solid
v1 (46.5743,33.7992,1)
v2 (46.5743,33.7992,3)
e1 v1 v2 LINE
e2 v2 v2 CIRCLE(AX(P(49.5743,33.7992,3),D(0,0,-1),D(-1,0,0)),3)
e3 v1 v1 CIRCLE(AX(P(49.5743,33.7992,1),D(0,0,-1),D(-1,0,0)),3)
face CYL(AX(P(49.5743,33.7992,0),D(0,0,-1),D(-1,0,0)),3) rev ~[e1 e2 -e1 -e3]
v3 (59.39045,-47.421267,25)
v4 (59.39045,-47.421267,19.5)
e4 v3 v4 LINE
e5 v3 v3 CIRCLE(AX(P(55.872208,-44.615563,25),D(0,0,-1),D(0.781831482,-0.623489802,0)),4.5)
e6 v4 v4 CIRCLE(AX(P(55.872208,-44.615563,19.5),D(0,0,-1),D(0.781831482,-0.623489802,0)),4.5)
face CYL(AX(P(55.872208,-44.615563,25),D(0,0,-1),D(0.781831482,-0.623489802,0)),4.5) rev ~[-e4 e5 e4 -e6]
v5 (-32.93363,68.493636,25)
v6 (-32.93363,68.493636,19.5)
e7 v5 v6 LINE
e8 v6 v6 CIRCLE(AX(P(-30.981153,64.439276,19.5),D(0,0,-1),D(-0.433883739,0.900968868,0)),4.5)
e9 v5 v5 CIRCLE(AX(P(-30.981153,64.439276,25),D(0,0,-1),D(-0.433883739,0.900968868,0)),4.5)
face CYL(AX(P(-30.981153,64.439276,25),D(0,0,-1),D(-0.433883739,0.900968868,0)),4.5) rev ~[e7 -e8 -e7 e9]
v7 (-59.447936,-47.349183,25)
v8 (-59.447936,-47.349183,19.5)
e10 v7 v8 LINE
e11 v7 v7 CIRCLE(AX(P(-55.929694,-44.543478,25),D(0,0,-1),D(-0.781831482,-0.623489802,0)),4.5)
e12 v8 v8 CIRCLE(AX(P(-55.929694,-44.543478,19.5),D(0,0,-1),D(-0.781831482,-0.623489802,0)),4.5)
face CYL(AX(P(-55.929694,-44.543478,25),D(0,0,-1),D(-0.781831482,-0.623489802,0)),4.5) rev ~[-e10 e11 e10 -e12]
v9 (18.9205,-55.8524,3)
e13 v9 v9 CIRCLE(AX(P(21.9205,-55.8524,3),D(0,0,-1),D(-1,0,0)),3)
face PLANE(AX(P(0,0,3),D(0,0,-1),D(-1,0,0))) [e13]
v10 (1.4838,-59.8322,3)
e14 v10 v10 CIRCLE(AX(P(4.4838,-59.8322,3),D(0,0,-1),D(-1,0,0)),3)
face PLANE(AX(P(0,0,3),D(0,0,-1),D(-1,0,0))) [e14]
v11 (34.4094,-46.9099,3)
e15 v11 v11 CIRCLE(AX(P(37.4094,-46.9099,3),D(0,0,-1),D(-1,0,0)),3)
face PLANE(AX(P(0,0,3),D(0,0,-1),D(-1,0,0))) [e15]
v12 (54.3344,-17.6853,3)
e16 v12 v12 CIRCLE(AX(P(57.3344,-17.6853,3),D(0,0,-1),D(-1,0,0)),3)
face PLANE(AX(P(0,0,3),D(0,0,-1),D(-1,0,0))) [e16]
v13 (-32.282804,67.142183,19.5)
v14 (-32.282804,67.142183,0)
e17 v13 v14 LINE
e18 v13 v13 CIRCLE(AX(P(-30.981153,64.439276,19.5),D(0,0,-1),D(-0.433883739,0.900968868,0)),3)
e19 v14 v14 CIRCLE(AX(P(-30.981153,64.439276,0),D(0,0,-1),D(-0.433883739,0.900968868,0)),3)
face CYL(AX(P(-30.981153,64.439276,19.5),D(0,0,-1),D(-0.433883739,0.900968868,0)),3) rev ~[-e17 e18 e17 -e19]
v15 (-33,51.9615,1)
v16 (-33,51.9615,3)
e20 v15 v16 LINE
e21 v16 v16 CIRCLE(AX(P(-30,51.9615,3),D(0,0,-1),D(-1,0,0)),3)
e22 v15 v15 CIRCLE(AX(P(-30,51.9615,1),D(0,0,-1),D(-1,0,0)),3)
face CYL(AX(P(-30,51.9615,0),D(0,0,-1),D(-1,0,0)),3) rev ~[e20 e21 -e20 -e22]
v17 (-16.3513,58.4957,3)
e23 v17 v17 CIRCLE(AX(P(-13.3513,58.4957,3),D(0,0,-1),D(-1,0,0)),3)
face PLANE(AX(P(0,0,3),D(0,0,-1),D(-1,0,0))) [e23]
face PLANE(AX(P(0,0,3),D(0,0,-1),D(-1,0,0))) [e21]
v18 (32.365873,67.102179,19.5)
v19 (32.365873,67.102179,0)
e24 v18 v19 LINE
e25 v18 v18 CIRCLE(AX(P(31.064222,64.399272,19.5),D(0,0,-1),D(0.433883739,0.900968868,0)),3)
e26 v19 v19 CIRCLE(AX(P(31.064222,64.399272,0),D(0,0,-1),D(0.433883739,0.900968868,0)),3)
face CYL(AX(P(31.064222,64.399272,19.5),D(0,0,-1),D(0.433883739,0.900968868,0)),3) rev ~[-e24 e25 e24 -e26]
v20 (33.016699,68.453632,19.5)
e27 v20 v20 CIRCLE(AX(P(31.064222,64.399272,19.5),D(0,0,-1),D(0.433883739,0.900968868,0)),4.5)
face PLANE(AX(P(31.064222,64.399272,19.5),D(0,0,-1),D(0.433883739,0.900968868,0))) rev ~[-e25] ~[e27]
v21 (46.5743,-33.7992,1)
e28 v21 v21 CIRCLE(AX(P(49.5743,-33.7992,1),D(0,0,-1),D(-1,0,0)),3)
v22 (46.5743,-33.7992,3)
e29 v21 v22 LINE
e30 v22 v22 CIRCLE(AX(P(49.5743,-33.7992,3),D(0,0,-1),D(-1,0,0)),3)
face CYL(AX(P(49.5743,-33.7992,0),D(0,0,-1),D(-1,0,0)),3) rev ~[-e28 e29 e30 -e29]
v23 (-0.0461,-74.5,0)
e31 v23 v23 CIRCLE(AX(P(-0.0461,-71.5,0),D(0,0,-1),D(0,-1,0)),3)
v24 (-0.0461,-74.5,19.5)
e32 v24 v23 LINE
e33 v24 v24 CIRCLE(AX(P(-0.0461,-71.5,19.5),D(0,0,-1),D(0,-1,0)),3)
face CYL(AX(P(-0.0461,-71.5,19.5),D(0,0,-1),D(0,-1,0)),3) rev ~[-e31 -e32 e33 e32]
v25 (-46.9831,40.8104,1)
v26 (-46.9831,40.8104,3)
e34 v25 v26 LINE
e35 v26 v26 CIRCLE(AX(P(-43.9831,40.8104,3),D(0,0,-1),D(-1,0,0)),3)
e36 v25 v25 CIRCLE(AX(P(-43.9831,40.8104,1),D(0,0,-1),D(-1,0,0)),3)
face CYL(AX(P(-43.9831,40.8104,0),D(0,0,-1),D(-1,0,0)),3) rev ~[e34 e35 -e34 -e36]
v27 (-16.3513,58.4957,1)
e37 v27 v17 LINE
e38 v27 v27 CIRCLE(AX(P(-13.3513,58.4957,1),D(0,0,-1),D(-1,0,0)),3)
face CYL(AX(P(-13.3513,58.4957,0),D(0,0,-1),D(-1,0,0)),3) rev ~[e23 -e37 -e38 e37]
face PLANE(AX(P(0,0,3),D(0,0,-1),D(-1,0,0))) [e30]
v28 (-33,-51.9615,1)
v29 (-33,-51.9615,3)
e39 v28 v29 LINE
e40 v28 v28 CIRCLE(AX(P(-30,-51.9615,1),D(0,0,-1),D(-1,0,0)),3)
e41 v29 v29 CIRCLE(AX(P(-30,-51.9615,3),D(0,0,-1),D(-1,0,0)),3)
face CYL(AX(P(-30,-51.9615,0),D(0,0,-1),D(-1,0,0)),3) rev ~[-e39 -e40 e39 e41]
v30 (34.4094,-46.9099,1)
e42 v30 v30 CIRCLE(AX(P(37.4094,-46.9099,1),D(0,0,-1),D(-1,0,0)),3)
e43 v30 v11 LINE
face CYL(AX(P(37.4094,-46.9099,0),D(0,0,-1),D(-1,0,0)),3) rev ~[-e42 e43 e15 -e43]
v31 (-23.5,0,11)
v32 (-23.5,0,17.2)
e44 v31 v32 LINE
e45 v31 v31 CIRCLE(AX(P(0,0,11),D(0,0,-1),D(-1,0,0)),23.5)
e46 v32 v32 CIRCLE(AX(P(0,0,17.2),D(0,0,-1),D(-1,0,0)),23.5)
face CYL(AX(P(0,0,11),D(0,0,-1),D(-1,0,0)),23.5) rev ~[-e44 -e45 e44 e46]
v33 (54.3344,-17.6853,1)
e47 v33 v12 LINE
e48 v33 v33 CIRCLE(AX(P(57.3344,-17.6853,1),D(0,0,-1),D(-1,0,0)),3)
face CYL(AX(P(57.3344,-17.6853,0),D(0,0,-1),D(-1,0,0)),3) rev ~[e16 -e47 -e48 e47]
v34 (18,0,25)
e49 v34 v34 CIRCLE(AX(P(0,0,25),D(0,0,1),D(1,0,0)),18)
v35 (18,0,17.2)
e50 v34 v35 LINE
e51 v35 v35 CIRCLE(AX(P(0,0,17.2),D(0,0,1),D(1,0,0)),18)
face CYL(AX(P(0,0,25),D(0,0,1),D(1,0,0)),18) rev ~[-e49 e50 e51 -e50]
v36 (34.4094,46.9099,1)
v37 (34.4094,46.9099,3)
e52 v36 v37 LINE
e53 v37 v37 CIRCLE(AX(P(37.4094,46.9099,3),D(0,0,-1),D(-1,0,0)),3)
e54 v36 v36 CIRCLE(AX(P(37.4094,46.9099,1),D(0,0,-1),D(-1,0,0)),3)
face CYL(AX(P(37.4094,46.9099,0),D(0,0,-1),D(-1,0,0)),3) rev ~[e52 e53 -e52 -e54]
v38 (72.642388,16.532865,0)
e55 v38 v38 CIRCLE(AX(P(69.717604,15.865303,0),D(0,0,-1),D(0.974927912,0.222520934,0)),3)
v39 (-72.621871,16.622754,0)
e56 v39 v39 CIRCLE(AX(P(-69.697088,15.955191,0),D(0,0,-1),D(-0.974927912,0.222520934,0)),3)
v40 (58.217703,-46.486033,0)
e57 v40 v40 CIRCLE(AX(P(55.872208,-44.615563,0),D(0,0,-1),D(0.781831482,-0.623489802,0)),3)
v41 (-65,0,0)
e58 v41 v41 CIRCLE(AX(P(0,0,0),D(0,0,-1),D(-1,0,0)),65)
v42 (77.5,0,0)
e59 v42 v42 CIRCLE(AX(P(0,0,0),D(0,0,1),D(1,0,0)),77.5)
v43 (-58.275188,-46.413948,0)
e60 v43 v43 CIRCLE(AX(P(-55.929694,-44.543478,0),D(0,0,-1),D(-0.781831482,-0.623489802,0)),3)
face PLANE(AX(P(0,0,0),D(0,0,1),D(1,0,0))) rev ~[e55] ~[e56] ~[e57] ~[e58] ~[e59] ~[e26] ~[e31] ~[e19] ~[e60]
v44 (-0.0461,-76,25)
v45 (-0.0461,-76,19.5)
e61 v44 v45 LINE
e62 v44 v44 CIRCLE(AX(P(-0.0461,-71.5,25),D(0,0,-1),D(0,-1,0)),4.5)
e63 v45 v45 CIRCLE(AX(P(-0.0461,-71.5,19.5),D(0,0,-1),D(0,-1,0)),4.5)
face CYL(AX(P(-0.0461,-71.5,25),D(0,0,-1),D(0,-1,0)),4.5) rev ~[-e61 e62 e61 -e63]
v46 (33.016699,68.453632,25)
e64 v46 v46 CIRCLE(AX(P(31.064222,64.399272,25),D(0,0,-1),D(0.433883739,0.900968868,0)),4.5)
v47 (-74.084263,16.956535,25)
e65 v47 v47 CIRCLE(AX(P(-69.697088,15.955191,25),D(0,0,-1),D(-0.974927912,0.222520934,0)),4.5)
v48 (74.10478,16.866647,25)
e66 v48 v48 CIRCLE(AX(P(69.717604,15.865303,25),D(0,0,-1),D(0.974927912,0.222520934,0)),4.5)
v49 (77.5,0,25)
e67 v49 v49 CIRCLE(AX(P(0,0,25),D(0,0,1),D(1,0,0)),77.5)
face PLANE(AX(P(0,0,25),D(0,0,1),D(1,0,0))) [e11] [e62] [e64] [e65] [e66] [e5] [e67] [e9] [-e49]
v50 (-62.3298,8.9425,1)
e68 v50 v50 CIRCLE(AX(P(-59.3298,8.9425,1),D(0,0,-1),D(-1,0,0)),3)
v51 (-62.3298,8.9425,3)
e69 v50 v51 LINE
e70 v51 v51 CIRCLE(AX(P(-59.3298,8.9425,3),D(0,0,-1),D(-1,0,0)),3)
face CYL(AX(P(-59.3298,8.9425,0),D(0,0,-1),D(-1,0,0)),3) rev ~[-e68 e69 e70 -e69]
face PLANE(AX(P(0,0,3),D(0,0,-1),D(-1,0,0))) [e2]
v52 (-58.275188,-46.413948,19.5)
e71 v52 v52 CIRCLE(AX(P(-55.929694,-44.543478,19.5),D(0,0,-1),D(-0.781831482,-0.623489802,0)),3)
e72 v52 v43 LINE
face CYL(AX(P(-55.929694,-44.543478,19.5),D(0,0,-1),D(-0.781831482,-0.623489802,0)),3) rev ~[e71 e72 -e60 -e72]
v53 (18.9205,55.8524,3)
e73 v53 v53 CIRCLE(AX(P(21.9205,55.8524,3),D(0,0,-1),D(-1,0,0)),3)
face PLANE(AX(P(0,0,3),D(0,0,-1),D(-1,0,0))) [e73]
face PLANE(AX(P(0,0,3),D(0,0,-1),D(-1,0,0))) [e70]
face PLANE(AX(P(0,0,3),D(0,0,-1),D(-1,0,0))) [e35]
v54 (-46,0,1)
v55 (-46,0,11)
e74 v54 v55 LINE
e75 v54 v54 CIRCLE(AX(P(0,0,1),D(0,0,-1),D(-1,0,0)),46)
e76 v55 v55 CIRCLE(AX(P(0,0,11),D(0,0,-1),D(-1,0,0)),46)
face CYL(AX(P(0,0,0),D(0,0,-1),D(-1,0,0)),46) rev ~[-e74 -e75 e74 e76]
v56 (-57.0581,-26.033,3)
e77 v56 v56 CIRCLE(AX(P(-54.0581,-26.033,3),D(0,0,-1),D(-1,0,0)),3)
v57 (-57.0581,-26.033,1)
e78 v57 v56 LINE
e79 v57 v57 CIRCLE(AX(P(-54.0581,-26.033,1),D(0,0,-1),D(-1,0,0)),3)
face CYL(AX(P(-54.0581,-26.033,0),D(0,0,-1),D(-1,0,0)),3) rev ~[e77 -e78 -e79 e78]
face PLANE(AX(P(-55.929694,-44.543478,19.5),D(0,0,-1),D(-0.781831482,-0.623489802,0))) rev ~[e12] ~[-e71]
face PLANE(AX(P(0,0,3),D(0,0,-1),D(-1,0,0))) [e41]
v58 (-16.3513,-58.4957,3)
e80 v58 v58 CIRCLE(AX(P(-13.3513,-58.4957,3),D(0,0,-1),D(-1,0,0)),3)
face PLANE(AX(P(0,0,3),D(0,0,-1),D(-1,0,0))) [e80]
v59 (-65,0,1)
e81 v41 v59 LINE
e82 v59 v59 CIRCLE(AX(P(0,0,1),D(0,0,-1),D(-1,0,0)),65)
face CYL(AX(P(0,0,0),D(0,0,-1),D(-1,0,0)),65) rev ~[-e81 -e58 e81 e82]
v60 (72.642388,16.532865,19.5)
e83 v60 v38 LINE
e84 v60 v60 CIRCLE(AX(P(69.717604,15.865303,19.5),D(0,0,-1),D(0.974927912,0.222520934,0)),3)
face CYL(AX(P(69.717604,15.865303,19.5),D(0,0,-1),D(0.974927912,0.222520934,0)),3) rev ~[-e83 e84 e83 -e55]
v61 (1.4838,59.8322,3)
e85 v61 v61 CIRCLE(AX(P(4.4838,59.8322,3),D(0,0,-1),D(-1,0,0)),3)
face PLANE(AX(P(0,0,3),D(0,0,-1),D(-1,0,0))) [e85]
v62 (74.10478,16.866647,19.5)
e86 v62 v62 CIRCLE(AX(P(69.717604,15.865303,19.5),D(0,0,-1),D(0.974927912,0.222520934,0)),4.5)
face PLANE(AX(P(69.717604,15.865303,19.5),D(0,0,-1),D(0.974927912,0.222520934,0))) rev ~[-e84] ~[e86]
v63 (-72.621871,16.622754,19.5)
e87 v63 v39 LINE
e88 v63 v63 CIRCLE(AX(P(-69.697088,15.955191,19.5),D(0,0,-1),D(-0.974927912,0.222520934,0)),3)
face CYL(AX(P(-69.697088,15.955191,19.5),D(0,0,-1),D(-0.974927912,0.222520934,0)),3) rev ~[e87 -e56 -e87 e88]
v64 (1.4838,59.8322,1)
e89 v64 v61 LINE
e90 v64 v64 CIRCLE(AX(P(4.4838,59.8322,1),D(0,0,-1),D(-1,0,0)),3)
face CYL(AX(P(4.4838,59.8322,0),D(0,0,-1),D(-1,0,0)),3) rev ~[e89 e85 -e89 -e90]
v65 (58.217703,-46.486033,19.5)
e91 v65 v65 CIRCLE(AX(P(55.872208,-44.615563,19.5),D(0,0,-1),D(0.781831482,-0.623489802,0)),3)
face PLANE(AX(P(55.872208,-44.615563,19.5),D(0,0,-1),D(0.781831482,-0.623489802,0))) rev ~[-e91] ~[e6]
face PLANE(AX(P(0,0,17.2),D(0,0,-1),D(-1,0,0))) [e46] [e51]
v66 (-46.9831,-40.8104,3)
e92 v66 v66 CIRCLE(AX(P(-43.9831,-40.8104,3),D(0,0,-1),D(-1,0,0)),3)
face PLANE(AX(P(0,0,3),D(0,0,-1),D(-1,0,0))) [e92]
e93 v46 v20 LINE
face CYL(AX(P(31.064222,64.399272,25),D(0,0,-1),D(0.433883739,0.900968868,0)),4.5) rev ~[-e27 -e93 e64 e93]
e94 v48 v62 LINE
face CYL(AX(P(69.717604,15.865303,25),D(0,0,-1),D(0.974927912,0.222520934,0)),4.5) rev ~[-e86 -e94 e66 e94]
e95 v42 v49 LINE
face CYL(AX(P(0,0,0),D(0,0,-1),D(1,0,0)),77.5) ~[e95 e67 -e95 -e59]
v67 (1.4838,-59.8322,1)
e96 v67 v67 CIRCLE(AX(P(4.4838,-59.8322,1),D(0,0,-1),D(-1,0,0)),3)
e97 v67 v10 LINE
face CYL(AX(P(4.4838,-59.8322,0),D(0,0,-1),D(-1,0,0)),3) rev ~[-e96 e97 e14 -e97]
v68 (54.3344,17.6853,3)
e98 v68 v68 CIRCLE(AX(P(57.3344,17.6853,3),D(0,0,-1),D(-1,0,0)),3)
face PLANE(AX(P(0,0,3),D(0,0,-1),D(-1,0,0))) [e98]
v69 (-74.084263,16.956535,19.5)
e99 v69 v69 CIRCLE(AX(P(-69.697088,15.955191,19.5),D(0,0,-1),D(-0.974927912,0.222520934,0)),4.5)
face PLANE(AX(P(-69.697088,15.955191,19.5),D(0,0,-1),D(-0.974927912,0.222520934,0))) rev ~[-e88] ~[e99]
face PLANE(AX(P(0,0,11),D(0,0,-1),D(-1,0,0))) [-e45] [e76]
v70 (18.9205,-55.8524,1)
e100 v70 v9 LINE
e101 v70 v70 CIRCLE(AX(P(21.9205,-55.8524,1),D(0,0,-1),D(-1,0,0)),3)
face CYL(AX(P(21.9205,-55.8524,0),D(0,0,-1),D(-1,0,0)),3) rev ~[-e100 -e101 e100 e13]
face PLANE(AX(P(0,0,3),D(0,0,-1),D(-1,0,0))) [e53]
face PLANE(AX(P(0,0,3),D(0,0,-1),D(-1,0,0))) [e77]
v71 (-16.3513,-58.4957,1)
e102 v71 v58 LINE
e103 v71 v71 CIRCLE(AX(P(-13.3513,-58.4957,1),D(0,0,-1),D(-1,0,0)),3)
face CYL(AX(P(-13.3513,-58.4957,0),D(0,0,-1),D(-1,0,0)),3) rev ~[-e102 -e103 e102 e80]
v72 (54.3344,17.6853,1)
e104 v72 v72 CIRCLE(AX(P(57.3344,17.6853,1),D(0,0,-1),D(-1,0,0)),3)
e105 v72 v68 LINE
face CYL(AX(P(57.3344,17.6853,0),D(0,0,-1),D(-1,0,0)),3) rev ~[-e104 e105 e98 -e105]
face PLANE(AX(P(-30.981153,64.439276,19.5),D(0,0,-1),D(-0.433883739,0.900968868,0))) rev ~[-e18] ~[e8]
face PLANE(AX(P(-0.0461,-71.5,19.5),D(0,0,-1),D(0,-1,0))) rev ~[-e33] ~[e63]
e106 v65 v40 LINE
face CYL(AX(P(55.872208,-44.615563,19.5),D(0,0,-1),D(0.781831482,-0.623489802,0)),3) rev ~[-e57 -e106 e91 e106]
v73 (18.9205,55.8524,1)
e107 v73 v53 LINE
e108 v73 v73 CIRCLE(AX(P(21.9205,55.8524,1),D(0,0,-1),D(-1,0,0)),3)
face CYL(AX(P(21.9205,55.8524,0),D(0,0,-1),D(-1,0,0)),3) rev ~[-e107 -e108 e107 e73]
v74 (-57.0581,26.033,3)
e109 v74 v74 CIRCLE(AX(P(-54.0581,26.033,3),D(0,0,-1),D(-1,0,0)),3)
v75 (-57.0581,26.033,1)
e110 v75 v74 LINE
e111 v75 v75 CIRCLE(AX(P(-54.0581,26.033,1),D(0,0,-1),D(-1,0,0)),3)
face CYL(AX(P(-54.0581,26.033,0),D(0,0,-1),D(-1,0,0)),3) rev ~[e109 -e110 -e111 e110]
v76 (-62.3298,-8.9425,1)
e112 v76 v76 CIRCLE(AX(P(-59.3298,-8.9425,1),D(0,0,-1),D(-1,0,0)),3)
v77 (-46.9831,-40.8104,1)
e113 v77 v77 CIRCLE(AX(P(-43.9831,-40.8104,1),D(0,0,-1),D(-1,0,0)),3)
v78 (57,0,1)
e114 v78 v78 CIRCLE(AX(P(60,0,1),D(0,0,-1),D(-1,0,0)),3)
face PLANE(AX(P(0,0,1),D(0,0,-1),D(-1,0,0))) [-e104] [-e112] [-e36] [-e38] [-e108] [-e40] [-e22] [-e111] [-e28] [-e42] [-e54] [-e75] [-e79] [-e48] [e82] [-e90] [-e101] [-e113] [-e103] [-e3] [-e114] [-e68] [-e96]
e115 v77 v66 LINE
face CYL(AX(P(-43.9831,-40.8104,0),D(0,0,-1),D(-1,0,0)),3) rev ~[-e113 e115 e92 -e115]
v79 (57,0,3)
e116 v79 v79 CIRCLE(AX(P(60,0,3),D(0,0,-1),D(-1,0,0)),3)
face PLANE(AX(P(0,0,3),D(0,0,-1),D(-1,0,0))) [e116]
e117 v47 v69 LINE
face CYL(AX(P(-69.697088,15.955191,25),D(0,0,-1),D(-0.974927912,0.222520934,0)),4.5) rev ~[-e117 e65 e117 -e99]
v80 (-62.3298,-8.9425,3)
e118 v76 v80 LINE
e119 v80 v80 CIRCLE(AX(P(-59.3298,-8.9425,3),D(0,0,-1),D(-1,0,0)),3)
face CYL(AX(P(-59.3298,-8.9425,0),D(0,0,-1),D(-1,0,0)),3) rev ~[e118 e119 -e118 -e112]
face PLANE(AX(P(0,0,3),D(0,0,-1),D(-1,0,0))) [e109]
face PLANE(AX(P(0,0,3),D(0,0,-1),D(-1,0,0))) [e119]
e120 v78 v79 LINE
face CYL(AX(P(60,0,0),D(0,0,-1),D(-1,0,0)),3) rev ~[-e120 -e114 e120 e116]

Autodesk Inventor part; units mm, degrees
ref_plane "YZ Plane" through (0, 0, 0) normal (1, 0, 0) x (0, 1, 0)
ref_plane "XZ Plane" through (0, 0, 0) normal (0, 1, 0) x (-1, 0, 0)
ref_plane "XY Plane" through (0, 0, 0) normal (0, 0, 1) x (1, 0, 0)
sketch "Sketch1" plane through (0, 0, 0) normal (0, 0, 1) x (1, 0, 0)
  circle A0 centre (0, 0) radius 77.5
  dimension "d0" = 155
extrude "Extrusion1" add sketch "Sketch1" along normal blind 25
sketch "Sketch2" plane through (0, 0, 0) normal (0, 0, -1) x (-1, 0, 0)
  circle A0 centre (-60, 0) radius 3
  circle A1 centre (0, 0) radius 60 construction
  circle A2 centre (-57.3344, -17.6853) radius 3
  circle A3 centre (-49.5743, -33.7992) radius 3
  circle A4 centre (-37.4094, -46.9099) radius 3
  circle A5 centre (-21.9205, -55.8524) radius 3
  circle A6 centre (-4.4838, -59.8322) radius 3
  circle A7 centre (13.3513, -58.4957) radius 3
  circle A8 centre (30, -51.9615) radius 3
  circle A9 centre (43.9831, -40.8104) radius 3
  circle A10 centre (54.0581, -26.033) radius 3
  circle A11 centre (59.3298, -8.9425) radius 3
  circle A12 centre (59.3298, 8.9425) radius 3
  circle A13 centre (54.0581, 26.033) radius 3
  circle A14 centre (43.9831, 40.8104) radius 3
  circle A15 centre (30, 51.9615) radius 3
  circle A16 centre (13.3513, 58.4957) radius 3
  circle A17 centre (-4.4838, 59.8322) radius 3
  circle A18 centre (-21.9205, 55.8524) radius 3
  circle A19 centre (-37.4094, 46.9099) radius 3
  circle A20 centre (-49.5743, 33.7992) radius 3
  circle A21 centre (-57.3344, 17.6853) radius 3
  dimension "d4" = 120
  dimension "d3" = 6
  dimension "d7" = 360
extrude "Extrusion2" cut sketch "Sketch2" against normal blind 3
sketch "Sketch3" plane through (0, 0, 25) normal (0, 0, 1) x (1, 0, 0)
  circle A0 centre (0, 0) radius 18
  dimension "d11" = 36
extrude "Extrusion3" cut sketch "Sketch3" against normal through all
sketch "Sketch4" plane through (0, 0, 0) normal (0, 0, -1) x (-1, 0, 0)
  circle A0 centre (0, 0) radius 46
  dimension "d14" = 92
extrude "Extrusion4" cut sketch "Sketch4" against normal blind 11
sketch "Sketch5" plane through (0, 0, 25) normal (0, 0, 1) x (1, 0, 0)
  circle A0 centre (0, 0) radius 71.5 construction
  point P0 (-0.0461, -71.5)
  dimension "d24" = 143
hole "Hole" at (-0.0461, -71.5, 25) direction (0, 0, -1) diameter 6 end through all counterbore diameter 9 counterbore depth 5.5
pattern_circular "Circular Pattern1" count 7 over 360 about axis through (0, 0, -10) along (0, 0, 1) of "Hole"
sketch "Sketch6" plane through (0, 0, 0) normal (0, 0, -1) x (-1, 0, 0)
  circle A0 centre (0, 0) radius 65
  dimension "d28" = 130
extrude "Extrusion5" cut sketch "Sketch6" against normal blind 1
sketch "Sketch7" plane through (0, 0, 11) normal (0, 0, -1) x (-1, 0, 0)
  circle A0 centre (0, 0) radius 23.5
  dimension "d31" = 47
extrude "Extrusion6" cut sketch "Sketch7" against normal blind 6.2
properties part number "Lid Case"
